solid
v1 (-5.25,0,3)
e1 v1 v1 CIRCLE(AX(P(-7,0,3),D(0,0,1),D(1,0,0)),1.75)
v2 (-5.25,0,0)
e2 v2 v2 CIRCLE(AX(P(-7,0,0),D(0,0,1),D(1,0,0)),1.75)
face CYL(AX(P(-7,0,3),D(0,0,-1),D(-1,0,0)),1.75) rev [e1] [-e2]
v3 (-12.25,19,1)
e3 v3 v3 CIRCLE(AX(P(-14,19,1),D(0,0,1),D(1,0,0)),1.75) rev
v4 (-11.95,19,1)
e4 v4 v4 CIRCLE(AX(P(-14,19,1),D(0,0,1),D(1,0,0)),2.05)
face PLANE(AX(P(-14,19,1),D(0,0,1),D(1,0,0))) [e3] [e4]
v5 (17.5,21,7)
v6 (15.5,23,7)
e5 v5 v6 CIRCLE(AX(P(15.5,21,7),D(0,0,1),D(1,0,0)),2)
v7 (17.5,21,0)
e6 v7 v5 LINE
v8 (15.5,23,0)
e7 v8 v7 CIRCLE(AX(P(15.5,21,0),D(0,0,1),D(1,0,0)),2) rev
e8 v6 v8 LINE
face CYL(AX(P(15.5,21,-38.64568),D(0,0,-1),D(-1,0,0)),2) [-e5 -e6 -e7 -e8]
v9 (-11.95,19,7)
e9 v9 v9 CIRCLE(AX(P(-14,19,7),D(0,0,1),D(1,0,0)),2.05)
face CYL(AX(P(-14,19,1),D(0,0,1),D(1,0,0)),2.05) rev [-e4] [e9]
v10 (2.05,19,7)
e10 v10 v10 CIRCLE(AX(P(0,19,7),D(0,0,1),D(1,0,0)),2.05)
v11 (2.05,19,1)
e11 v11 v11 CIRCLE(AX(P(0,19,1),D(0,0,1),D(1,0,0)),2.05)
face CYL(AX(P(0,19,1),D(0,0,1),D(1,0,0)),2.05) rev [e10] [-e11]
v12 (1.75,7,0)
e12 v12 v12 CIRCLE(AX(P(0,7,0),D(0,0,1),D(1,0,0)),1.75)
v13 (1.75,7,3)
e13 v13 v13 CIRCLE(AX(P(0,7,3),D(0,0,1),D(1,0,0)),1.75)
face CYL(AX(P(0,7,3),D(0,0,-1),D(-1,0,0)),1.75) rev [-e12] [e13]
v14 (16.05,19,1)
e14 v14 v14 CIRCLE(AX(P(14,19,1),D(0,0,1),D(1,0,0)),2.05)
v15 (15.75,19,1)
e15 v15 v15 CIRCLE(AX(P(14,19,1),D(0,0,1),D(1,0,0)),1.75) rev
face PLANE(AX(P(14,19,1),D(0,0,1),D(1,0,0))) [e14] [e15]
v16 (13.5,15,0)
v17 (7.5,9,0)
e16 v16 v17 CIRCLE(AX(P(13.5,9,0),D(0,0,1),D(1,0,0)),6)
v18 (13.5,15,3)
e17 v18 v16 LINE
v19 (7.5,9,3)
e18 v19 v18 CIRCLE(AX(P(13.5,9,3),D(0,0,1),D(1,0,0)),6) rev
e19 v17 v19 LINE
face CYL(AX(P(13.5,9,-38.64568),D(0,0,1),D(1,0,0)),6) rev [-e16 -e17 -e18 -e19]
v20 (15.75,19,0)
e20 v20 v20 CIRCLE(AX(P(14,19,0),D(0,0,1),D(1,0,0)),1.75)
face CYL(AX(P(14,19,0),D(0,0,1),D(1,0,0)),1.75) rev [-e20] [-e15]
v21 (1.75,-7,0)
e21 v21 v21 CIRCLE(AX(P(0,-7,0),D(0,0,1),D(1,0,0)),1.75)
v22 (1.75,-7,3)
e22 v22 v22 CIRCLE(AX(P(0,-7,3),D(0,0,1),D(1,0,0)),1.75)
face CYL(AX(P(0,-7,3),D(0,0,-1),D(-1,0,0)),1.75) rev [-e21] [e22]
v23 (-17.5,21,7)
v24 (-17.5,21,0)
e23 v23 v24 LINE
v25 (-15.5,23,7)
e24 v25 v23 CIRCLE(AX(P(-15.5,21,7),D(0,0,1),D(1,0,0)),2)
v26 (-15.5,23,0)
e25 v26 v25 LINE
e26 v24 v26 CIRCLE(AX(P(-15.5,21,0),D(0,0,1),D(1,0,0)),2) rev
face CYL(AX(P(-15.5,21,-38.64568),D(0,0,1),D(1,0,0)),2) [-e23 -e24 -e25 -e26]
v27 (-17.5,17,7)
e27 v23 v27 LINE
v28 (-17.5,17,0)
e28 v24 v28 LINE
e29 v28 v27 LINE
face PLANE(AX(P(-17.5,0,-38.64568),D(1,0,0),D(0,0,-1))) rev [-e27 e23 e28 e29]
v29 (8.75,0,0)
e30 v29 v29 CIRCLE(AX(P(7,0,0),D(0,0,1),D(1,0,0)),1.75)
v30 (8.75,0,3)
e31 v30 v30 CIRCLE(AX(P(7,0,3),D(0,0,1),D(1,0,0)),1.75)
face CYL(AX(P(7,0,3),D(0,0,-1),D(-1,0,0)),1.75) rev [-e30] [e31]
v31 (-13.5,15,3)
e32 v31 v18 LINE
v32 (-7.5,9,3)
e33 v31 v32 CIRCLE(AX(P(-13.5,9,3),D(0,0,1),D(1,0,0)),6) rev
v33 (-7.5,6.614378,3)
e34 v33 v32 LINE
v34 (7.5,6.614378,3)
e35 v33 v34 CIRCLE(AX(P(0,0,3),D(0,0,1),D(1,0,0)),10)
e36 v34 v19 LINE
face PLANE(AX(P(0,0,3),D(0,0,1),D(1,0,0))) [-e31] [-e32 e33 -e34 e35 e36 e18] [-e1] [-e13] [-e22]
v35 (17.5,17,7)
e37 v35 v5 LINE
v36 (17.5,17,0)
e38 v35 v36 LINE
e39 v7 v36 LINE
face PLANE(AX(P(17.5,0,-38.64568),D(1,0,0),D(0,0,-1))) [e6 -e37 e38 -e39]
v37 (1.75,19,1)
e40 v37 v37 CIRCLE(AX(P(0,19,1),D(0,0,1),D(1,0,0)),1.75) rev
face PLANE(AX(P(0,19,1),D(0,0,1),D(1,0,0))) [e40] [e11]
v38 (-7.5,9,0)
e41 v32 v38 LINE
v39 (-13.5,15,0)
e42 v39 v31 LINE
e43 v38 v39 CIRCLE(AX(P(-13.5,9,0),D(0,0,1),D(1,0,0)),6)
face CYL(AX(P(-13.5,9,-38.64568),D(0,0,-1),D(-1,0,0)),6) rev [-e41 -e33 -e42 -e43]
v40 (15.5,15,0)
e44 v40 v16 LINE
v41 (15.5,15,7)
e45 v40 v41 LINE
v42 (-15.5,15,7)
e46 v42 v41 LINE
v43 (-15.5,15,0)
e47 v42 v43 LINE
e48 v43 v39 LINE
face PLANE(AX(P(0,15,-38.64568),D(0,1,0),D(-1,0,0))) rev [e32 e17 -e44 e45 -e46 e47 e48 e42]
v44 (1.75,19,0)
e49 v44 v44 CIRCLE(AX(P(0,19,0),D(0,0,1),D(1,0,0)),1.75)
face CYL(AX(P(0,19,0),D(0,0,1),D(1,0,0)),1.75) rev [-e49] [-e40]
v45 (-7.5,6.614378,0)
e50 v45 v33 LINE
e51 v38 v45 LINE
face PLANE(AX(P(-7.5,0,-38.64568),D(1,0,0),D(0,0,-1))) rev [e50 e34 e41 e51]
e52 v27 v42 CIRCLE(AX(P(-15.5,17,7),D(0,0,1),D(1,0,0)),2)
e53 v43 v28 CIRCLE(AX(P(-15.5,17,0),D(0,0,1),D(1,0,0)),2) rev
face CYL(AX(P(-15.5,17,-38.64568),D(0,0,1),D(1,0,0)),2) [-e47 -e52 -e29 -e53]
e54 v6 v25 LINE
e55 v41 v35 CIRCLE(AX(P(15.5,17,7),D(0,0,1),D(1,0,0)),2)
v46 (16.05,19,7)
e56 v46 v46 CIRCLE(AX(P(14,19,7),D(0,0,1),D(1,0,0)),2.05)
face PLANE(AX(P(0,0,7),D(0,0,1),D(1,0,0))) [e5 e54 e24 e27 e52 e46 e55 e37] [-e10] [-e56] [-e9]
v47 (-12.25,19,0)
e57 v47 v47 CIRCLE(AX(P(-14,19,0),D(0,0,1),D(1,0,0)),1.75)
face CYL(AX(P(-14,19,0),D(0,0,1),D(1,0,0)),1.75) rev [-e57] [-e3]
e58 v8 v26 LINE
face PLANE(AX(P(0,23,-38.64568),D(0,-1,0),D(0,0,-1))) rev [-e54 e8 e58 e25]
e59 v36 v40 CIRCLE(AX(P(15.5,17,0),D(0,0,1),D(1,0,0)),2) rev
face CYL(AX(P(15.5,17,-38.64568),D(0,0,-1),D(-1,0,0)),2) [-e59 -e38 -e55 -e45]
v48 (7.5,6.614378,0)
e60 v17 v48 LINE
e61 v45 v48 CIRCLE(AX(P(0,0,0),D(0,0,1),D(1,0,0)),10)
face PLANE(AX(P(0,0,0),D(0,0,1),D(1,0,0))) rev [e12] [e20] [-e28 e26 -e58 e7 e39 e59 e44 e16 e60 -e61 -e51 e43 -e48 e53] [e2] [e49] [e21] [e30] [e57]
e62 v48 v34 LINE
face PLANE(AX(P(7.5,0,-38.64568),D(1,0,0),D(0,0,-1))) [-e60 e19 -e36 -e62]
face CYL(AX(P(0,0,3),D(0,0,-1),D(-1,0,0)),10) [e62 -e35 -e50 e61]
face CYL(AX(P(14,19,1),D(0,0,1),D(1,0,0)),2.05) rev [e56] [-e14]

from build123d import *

# Parameters (mm, degrees)
SKETCH_1_R          = 10
SKETCH_1_R_2        = 1.75
EXTRUDE_1_DEPTH     = 3
EXTRUDE_2_DEPTH     = 3
SKETCH_7_W          = 35
SKETCH_7_H          = 8
EXTRUDE_3_DEPTH     = 4
FILLET_1_R          = 6
SKETCH_8_R          = 1.75
CUT_EXTRUDE_2_DEPTH = 8
FILLET_2_R          = 2
SKETCH_10_R         = 2.05
CUT_EXTRUDE_3_DEPTH = 6


with BuildPart() as part:
    # Эскиз1 → Бобышка-Вытянуть1 (new body)
    with BuildSketch(Plane.XY):
        Circle(SKETCH_1_R)
        with Locations((-7, 0)):
            Circle(SKETCH_1_R_2, mode=Mode.SUBTRACT)
        with Locations((0, 7)):
            Circle(SKETCH_1_R_2, mode=Mode.SUBTRACT)
        with Locations((7, 0)):
            Circle(SKETCH_1_R_2, mode=Mode.SUBTRACT)
        with Locations((0, -7)):
            Circle(SKETCH_1_R_2, mode=Mode.SUBTRACT)
    extrude(amount=EXTRUDE_1_DEPTH)

    # Эскиз6 → Бобышка-Вытянуть2 (add)
    with BuildSketch(Plane.XY.offset(3)):
        with BuildLine():
            Line((-7.5, 15), (-7.5, 6.614378278))
            ThreePointArc((-7.5, 6.614378278), (0, 10), (7.5, 6.614378278))
            Line((7.5, 6.614378278), (7.5, 15))
            Line((7.5, 15), (17.5, 15))
            Line((17.5, 15), (17.5, 23))
            Line((17.5, 23), (-17.5, 23))
            Line((-17.5, 23), (-17.5, 15))
            Line((-17.5, 15), (-7.5, 15))
        make_face()
    extrude(amount=-EXTRUDE_2_DEPTH)

    # Эскиз7 → Бобышка-Вытянуть3 (add)
    with BuildSketch(Plane.XY.offset(3)):
        with Locations((0, 19)):
            Rectangle(SKETCH_7_W, SKETCH_7_H)
    extrude(amount=EXTRUDE_3_DEPTH)

    # Скругление1
    fillet_1_edges = [part.edges().sort_by_distance(p)[0] for p in [
        (-7.5, 15, 1.5),
        (7.5, 15, 1.5),
    ]]
    fillet(fillet_1_edges, radius=FILLET_1_R)

    # Эскиз8 → Вырез-Вытянуть2 (cut, through all)
    with BuildSketch(Plane.XY.offset(7)):
        with Locations((0, 19)):
            Circle(SKETCH_8_R)
        with Locations((-14, 19)):
            Circle(SKETCH_8_R)
        with Locations((14, 19)):
            Circle(SKETCH_8_R)
    extrude(amount=-CUT_EXTRUDE_2_DEPTH, mode=Mode.SUBTRACT)

    # Скругление2
    fillet_2_edges = [part.edges().sort_by_distance(p)[0] for p in [
        (-17.5, 15, 3.5),
        (-17.5, 23, 3.5),
        (17.5, 23, 3.5),
        (17.5, 15, 3.5),
    ]]
    fillet(fillet_2_edges, radius=FILLET_2_R)

    # Эскиз10 → Вырез-Вытянуть3 (cut)
    with BuildSketch(Plane.XY.offset(7)):
        with Locations((-14, 19)):
            Circle(SKETCH_10_R)
        with Locations((0, 19)):
            Circle(SKETCH_10_R)
        with Locations((14, 19)):
            Circle(SKETCH_10_R)
    extrude(amount=-CUT_EXTRUDE_3_DEPTH, mode=Mode.SUBTRACT)


solid = part.part
